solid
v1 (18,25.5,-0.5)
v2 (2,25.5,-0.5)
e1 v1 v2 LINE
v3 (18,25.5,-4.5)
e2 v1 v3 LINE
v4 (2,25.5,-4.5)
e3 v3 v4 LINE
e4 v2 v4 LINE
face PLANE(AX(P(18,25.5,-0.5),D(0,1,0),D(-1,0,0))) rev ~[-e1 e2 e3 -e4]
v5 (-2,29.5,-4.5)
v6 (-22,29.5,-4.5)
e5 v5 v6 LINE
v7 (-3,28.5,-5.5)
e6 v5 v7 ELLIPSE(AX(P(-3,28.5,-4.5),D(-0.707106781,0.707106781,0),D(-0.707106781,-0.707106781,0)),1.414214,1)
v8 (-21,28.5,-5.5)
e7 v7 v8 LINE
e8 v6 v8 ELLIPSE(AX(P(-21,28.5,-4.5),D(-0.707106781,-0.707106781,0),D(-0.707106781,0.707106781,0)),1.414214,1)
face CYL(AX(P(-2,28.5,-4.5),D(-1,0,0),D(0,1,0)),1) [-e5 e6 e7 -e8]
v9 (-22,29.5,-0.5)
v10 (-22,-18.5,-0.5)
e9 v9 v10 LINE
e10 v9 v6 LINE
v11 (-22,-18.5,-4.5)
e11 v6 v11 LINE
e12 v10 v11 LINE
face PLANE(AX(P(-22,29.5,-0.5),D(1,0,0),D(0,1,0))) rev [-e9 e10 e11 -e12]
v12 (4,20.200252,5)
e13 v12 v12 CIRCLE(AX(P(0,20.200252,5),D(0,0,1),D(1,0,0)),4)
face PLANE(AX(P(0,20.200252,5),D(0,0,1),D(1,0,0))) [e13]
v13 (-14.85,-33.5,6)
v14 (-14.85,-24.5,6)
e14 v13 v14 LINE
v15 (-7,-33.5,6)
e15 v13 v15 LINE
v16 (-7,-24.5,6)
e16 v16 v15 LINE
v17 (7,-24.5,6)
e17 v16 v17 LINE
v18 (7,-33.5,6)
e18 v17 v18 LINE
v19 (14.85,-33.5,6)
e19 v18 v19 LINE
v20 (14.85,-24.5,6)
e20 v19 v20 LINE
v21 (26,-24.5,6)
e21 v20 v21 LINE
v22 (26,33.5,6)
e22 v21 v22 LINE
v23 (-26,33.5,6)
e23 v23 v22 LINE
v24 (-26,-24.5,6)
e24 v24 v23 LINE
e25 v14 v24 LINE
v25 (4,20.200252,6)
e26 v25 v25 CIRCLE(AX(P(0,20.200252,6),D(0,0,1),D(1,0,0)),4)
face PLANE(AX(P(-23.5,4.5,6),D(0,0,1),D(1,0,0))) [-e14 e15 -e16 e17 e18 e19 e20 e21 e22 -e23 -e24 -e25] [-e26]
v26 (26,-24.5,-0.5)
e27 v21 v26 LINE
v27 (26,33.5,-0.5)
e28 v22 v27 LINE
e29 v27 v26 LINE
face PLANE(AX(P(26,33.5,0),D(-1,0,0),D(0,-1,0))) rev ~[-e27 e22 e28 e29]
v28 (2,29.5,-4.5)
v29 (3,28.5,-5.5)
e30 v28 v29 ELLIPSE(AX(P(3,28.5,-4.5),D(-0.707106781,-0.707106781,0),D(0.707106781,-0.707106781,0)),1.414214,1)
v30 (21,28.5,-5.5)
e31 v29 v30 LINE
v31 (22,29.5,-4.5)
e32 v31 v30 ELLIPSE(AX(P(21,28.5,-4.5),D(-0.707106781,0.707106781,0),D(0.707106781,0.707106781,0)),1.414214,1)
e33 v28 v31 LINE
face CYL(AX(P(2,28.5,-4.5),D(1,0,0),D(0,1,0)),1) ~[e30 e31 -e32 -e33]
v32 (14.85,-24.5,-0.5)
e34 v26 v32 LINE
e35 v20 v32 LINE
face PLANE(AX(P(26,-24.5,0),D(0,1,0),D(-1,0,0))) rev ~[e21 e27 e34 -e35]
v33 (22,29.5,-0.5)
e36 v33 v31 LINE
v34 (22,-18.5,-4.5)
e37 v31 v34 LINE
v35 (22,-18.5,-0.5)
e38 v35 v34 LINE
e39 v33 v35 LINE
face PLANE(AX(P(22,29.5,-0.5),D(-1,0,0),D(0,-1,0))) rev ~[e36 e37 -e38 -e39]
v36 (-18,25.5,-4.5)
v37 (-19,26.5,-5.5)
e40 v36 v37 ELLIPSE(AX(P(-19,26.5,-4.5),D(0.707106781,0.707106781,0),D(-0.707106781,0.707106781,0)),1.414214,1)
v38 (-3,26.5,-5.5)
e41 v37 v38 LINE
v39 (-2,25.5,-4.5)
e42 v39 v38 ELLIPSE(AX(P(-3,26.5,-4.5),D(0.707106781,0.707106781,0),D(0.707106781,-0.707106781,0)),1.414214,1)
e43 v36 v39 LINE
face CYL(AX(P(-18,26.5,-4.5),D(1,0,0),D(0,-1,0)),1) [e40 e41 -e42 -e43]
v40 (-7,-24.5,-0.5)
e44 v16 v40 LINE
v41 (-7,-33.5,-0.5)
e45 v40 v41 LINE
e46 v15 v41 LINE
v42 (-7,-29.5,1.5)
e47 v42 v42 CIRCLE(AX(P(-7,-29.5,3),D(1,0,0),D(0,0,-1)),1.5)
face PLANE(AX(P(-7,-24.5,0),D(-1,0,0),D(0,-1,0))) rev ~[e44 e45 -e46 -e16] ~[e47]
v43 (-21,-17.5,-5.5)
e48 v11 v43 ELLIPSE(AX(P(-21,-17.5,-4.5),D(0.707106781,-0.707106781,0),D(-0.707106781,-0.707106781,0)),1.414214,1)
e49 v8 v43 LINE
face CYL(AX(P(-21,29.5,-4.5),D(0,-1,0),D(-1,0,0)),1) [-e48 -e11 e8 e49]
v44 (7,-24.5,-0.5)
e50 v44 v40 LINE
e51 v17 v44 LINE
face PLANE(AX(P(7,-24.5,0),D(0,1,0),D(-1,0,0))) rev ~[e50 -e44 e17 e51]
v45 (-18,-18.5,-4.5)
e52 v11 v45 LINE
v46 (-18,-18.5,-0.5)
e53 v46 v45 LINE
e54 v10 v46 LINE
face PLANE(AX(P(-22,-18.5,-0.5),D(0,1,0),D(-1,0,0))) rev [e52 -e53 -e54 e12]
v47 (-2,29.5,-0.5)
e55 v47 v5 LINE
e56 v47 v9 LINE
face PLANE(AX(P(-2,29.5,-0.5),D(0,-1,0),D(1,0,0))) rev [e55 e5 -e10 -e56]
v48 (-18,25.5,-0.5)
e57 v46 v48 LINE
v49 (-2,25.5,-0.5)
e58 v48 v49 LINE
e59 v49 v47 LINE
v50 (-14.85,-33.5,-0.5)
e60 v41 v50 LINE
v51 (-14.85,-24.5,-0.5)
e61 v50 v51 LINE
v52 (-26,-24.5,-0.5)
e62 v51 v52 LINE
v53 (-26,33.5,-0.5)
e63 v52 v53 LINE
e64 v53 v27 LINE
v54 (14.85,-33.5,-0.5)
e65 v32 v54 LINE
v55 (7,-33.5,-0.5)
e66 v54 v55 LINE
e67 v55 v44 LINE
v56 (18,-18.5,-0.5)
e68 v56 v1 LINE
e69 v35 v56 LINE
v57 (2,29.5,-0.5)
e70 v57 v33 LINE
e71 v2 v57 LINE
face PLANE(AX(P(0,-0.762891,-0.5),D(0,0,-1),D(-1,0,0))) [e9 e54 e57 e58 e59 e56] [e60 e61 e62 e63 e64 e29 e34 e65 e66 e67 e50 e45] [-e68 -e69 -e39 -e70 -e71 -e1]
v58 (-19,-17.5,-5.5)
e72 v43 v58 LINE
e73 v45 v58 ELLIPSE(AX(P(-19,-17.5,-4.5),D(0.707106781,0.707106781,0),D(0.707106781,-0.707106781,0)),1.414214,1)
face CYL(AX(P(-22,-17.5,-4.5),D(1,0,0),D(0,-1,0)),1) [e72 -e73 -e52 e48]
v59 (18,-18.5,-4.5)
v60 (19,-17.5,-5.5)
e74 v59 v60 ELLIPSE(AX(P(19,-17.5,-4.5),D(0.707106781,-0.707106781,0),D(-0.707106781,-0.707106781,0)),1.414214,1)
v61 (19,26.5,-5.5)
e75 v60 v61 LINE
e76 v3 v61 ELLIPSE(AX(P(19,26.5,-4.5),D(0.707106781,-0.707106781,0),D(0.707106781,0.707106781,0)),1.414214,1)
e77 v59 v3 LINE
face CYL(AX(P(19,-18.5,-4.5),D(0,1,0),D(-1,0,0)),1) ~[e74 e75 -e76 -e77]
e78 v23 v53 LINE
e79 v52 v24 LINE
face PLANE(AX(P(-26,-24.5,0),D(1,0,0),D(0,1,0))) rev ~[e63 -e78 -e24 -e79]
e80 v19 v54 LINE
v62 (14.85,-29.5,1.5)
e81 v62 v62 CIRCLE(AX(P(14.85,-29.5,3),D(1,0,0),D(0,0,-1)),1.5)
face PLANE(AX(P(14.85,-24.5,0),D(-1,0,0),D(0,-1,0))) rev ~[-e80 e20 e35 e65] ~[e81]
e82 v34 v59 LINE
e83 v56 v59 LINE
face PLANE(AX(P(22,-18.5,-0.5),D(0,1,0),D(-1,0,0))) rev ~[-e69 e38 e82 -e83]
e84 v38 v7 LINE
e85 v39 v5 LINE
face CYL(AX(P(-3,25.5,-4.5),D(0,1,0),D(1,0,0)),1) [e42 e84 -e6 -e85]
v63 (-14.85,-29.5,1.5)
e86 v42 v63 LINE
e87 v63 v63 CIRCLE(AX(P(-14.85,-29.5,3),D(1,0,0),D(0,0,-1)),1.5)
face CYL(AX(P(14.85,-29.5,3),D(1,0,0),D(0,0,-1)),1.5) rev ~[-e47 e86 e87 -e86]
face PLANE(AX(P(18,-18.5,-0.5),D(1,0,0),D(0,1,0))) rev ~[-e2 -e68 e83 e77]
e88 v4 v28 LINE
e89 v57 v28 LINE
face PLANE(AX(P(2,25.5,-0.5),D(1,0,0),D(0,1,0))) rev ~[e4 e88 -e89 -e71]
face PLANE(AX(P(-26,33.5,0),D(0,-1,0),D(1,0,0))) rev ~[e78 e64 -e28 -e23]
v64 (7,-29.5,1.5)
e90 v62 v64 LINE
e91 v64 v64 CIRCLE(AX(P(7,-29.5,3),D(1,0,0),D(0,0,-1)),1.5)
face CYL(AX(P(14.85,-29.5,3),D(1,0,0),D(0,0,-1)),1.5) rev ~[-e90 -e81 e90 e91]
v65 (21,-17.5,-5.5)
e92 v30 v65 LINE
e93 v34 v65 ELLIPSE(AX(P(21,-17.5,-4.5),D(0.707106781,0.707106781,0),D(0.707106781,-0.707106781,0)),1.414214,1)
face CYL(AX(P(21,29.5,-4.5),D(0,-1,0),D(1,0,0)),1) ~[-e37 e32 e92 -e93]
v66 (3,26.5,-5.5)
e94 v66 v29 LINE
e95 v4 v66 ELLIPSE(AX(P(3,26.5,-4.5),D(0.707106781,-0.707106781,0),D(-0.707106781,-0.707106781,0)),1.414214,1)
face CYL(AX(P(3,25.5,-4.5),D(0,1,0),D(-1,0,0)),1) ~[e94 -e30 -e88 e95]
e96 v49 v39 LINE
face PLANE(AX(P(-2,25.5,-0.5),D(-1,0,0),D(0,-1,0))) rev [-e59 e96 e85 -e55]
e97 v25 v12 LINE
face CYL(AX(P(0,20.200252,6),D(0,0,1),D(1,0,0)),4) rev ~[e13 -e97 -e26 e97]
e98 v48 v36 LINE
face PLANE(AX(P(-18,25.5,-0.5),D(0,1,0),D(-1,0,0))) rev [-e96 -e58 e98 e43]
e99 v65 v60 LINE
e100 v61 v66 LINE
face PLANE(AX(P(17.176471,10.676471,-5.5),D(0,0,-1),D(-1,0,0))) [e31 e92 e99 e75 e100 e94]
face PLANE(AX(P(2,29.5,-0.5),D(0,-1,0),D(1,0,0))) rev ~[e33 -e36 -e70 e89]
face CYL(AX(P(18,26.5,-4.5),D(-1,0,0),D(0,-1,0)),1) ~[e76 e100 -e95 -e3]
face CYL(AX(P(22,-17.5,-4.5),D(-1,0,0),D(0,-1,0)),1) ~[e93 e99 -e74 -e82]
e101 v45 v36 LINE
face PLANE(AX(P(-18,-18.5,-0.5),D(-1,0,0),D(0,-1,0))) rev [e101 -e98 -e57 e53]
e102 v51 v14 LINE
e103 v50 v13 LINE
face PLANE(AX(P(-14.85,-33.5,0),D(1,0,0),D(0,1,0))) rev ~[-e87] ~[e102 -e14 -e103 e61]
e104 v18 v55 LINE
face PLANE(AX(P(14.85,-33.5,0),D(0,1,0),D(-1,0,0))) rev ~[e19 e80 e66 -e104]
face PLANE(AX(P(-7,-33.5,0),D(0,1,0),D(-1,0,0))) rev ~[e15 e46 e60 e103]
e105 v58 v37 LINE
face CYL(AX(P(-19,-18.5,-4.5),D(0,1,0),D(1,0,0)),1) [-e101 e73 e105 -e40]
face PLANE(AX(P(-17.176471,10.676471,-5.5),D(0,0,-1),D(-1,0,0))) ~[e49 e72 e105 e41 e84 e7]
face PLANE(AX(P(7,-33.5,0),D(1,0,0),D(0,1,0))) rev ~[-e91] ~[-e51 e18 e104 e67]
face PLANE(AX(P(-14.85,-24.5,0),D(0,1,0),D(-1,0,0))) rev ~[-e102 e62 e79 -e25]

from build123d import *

# Parameters (mm, degrees)
SKETCH1_W            = 29.7
SKETCH1_H            = 67
BOSS_EXTRUDE1_DEPTH  = 6
SKETCH2_R            = 1.5
CUT_EXTRUDE1_DEPTH   = 87
SKETCH3_W            = 42
SKETCH3_H            = 6
BOSS_EXTRUDE2_DEPTH  = 58
SKETCH4_W            = 14
SKETCH4_H            = 9
CUT_EXTRUDE2_DEPTH   = 58
SKETCH8_W            = 5
SKETCH8_H            = 58
BOSS_EXTRUDE5_DEPTH  = 6
BOSS_EXTRUDE3_DEPTH  = 0.5
BOSS_EXTRUDE4_DEPTH  = 5
FILLET1_R            = 1
FILLET1_OF_MIRROR1_R = 1
SKETCH7_R            = 4
CUT_EXTRUDE3_DEPTH   = 1


with BuildPart() as part:
    # Sketch1 → Boss-Extrude1 (new body)
    with BuildSketch(Plane.XY):
        Rectangle(SKETCH1_W, SKETCH1_H)
    extrude(amount=BOSS_EXTRUDE1_DEPTH)

    # Sketch2 → Cut-Extrude1 (cut)
    with BuildSketch(Plane(origin=(14.85, 0, 0), x_dir=(0, 0, -1), z_dir=(1, 0, 0))):
        with Locations((-3, -29.5)):
            Circle(SKETCH2_R)
    extrude(amount=-CUT_EXTRUDE1_DEPTH, mode=Mode.SUBTRACT)

    # Sketch3 → Boss-Extrude2 (add)
    with BuildSketch(Plane(origin=(0, 33.5, 0), x_dir=(1, 0, 0), z_dir=(0, 1, 0))):
        with Locations((0, -3)):
            Rectangle(SKETCH3_W, SKETCH3_H)
    extrude(amount=-BOSS_EXTRUDE2_DEPTH)

    # Sketch4 → Cut-Extrude2 (cut)
    with BuildSketch(Plane(origin=(0, 0, 0), x_dir=(-1, 0, 0), z_dir=(0, 0, -1))):
        with Locations((0, -29)):
            Rectangle(SKETCH4_W, SKETCH4_H)
    extrude(amount=-CUT_EXTRUDE2_DEPTH, mode=Mode.SUBTRACT)

    # Sketch8 → Boss-Extrude5 (add)
    with BuildSketch(Plane.XY.offset(6)):
        with Locations((-23.5, 4.5)):
            Rectangle(SKETCH8_W, SKETCH8_H)
        with Locations((23.5, 4.5)):
            Rectangle(SKETCH8_W, SKETCH8_H)
    extrude(amount=-BOSS_EXTRUDE5_DEPTH)

    # Sketch5 → Boss-Extrude3 (add)
    with BuildSketch(Plane(origin=(0, 0, 0), x_dir=(-1, 0, 0), z_dir=(0, 0, -1))):
        Polygon((26, -24.5), (26, 33.5), (-26, 33.5), (-26, -24.5), (-14.85, -24.5), (-14.85, -33.5), (-7, -33.5), (-7, -24.5), (7, -24.5), (7, -33.5), (14.85, -33.5), (14.85, -24.5), align=None)
    extrude(amount=BOSS_EXTRUDE3_DEPTH)

    # Sketch6 → Boss-Extrude4 (add)
    with BuildSketch(Plane(origin=(0, 0, -0.5), x_dir=(-1, 0, 0), z_dir=(0, 0, -1))):
        Polygon((-22, 29.5), (-22, -18.5), (-18, -18.5), (-18, 25.5), (-2, 25.5), (-2, 29.5), align=None)
    boss_extrude4 = extrude(amount=BOSS_EXTRUDE4_DEPTH)

    # Fillet1
    fillet1_edges = [part.edges().sort_by_distance(p)[0] for p in [
        (12, 29.5, -5.5),
        (22, 5.5, -5.5),
        (20, -18.5, -5.5),
        (18, 3.5, -5.5),
        (10, 25.5, -5.5),
        (2, 27.5, -5.5),
    ]]
    fillet(fillet1_edges, radius=FILLET1_R)

    # Mirror1: Boss-Extrude4 across plane
    add(boss_extrude4.mirror(Plane(origin=(0, 0, 0), x_dir=(0, 0, 1), z_dir=(1, 0, 0))))

    # Fillet1 of Mirror1
    fillet1_of_mirror1_edges = [part.edges().sort_by_distance(p)[0] for p in [
        (-12, 29.5, -5.5),
        (-22, 5.5, -5.5),
        (-20, -18.5, -5.5),
        (-18, 3.5, -5.5),
        (-10, 25.5, -5.5),
        (-2, 27.5, -5.5),
    ]]
    fillet(fillet1_of_mirror1_edges, radius=FILLET1_OF_MIRROR1_R)

    # Sketch7 → Cut-Extrude3 (cut)
    with BuildSketch(Plane.XY.offset(6)):
        with Locations((0, 20.200252003)):
            Circle(SKETCH7_R)
    extrude(amount=-CUT_EXTRUDE3_DEPTH, mode=Mode.SUBTRACT)


solid = part.part
